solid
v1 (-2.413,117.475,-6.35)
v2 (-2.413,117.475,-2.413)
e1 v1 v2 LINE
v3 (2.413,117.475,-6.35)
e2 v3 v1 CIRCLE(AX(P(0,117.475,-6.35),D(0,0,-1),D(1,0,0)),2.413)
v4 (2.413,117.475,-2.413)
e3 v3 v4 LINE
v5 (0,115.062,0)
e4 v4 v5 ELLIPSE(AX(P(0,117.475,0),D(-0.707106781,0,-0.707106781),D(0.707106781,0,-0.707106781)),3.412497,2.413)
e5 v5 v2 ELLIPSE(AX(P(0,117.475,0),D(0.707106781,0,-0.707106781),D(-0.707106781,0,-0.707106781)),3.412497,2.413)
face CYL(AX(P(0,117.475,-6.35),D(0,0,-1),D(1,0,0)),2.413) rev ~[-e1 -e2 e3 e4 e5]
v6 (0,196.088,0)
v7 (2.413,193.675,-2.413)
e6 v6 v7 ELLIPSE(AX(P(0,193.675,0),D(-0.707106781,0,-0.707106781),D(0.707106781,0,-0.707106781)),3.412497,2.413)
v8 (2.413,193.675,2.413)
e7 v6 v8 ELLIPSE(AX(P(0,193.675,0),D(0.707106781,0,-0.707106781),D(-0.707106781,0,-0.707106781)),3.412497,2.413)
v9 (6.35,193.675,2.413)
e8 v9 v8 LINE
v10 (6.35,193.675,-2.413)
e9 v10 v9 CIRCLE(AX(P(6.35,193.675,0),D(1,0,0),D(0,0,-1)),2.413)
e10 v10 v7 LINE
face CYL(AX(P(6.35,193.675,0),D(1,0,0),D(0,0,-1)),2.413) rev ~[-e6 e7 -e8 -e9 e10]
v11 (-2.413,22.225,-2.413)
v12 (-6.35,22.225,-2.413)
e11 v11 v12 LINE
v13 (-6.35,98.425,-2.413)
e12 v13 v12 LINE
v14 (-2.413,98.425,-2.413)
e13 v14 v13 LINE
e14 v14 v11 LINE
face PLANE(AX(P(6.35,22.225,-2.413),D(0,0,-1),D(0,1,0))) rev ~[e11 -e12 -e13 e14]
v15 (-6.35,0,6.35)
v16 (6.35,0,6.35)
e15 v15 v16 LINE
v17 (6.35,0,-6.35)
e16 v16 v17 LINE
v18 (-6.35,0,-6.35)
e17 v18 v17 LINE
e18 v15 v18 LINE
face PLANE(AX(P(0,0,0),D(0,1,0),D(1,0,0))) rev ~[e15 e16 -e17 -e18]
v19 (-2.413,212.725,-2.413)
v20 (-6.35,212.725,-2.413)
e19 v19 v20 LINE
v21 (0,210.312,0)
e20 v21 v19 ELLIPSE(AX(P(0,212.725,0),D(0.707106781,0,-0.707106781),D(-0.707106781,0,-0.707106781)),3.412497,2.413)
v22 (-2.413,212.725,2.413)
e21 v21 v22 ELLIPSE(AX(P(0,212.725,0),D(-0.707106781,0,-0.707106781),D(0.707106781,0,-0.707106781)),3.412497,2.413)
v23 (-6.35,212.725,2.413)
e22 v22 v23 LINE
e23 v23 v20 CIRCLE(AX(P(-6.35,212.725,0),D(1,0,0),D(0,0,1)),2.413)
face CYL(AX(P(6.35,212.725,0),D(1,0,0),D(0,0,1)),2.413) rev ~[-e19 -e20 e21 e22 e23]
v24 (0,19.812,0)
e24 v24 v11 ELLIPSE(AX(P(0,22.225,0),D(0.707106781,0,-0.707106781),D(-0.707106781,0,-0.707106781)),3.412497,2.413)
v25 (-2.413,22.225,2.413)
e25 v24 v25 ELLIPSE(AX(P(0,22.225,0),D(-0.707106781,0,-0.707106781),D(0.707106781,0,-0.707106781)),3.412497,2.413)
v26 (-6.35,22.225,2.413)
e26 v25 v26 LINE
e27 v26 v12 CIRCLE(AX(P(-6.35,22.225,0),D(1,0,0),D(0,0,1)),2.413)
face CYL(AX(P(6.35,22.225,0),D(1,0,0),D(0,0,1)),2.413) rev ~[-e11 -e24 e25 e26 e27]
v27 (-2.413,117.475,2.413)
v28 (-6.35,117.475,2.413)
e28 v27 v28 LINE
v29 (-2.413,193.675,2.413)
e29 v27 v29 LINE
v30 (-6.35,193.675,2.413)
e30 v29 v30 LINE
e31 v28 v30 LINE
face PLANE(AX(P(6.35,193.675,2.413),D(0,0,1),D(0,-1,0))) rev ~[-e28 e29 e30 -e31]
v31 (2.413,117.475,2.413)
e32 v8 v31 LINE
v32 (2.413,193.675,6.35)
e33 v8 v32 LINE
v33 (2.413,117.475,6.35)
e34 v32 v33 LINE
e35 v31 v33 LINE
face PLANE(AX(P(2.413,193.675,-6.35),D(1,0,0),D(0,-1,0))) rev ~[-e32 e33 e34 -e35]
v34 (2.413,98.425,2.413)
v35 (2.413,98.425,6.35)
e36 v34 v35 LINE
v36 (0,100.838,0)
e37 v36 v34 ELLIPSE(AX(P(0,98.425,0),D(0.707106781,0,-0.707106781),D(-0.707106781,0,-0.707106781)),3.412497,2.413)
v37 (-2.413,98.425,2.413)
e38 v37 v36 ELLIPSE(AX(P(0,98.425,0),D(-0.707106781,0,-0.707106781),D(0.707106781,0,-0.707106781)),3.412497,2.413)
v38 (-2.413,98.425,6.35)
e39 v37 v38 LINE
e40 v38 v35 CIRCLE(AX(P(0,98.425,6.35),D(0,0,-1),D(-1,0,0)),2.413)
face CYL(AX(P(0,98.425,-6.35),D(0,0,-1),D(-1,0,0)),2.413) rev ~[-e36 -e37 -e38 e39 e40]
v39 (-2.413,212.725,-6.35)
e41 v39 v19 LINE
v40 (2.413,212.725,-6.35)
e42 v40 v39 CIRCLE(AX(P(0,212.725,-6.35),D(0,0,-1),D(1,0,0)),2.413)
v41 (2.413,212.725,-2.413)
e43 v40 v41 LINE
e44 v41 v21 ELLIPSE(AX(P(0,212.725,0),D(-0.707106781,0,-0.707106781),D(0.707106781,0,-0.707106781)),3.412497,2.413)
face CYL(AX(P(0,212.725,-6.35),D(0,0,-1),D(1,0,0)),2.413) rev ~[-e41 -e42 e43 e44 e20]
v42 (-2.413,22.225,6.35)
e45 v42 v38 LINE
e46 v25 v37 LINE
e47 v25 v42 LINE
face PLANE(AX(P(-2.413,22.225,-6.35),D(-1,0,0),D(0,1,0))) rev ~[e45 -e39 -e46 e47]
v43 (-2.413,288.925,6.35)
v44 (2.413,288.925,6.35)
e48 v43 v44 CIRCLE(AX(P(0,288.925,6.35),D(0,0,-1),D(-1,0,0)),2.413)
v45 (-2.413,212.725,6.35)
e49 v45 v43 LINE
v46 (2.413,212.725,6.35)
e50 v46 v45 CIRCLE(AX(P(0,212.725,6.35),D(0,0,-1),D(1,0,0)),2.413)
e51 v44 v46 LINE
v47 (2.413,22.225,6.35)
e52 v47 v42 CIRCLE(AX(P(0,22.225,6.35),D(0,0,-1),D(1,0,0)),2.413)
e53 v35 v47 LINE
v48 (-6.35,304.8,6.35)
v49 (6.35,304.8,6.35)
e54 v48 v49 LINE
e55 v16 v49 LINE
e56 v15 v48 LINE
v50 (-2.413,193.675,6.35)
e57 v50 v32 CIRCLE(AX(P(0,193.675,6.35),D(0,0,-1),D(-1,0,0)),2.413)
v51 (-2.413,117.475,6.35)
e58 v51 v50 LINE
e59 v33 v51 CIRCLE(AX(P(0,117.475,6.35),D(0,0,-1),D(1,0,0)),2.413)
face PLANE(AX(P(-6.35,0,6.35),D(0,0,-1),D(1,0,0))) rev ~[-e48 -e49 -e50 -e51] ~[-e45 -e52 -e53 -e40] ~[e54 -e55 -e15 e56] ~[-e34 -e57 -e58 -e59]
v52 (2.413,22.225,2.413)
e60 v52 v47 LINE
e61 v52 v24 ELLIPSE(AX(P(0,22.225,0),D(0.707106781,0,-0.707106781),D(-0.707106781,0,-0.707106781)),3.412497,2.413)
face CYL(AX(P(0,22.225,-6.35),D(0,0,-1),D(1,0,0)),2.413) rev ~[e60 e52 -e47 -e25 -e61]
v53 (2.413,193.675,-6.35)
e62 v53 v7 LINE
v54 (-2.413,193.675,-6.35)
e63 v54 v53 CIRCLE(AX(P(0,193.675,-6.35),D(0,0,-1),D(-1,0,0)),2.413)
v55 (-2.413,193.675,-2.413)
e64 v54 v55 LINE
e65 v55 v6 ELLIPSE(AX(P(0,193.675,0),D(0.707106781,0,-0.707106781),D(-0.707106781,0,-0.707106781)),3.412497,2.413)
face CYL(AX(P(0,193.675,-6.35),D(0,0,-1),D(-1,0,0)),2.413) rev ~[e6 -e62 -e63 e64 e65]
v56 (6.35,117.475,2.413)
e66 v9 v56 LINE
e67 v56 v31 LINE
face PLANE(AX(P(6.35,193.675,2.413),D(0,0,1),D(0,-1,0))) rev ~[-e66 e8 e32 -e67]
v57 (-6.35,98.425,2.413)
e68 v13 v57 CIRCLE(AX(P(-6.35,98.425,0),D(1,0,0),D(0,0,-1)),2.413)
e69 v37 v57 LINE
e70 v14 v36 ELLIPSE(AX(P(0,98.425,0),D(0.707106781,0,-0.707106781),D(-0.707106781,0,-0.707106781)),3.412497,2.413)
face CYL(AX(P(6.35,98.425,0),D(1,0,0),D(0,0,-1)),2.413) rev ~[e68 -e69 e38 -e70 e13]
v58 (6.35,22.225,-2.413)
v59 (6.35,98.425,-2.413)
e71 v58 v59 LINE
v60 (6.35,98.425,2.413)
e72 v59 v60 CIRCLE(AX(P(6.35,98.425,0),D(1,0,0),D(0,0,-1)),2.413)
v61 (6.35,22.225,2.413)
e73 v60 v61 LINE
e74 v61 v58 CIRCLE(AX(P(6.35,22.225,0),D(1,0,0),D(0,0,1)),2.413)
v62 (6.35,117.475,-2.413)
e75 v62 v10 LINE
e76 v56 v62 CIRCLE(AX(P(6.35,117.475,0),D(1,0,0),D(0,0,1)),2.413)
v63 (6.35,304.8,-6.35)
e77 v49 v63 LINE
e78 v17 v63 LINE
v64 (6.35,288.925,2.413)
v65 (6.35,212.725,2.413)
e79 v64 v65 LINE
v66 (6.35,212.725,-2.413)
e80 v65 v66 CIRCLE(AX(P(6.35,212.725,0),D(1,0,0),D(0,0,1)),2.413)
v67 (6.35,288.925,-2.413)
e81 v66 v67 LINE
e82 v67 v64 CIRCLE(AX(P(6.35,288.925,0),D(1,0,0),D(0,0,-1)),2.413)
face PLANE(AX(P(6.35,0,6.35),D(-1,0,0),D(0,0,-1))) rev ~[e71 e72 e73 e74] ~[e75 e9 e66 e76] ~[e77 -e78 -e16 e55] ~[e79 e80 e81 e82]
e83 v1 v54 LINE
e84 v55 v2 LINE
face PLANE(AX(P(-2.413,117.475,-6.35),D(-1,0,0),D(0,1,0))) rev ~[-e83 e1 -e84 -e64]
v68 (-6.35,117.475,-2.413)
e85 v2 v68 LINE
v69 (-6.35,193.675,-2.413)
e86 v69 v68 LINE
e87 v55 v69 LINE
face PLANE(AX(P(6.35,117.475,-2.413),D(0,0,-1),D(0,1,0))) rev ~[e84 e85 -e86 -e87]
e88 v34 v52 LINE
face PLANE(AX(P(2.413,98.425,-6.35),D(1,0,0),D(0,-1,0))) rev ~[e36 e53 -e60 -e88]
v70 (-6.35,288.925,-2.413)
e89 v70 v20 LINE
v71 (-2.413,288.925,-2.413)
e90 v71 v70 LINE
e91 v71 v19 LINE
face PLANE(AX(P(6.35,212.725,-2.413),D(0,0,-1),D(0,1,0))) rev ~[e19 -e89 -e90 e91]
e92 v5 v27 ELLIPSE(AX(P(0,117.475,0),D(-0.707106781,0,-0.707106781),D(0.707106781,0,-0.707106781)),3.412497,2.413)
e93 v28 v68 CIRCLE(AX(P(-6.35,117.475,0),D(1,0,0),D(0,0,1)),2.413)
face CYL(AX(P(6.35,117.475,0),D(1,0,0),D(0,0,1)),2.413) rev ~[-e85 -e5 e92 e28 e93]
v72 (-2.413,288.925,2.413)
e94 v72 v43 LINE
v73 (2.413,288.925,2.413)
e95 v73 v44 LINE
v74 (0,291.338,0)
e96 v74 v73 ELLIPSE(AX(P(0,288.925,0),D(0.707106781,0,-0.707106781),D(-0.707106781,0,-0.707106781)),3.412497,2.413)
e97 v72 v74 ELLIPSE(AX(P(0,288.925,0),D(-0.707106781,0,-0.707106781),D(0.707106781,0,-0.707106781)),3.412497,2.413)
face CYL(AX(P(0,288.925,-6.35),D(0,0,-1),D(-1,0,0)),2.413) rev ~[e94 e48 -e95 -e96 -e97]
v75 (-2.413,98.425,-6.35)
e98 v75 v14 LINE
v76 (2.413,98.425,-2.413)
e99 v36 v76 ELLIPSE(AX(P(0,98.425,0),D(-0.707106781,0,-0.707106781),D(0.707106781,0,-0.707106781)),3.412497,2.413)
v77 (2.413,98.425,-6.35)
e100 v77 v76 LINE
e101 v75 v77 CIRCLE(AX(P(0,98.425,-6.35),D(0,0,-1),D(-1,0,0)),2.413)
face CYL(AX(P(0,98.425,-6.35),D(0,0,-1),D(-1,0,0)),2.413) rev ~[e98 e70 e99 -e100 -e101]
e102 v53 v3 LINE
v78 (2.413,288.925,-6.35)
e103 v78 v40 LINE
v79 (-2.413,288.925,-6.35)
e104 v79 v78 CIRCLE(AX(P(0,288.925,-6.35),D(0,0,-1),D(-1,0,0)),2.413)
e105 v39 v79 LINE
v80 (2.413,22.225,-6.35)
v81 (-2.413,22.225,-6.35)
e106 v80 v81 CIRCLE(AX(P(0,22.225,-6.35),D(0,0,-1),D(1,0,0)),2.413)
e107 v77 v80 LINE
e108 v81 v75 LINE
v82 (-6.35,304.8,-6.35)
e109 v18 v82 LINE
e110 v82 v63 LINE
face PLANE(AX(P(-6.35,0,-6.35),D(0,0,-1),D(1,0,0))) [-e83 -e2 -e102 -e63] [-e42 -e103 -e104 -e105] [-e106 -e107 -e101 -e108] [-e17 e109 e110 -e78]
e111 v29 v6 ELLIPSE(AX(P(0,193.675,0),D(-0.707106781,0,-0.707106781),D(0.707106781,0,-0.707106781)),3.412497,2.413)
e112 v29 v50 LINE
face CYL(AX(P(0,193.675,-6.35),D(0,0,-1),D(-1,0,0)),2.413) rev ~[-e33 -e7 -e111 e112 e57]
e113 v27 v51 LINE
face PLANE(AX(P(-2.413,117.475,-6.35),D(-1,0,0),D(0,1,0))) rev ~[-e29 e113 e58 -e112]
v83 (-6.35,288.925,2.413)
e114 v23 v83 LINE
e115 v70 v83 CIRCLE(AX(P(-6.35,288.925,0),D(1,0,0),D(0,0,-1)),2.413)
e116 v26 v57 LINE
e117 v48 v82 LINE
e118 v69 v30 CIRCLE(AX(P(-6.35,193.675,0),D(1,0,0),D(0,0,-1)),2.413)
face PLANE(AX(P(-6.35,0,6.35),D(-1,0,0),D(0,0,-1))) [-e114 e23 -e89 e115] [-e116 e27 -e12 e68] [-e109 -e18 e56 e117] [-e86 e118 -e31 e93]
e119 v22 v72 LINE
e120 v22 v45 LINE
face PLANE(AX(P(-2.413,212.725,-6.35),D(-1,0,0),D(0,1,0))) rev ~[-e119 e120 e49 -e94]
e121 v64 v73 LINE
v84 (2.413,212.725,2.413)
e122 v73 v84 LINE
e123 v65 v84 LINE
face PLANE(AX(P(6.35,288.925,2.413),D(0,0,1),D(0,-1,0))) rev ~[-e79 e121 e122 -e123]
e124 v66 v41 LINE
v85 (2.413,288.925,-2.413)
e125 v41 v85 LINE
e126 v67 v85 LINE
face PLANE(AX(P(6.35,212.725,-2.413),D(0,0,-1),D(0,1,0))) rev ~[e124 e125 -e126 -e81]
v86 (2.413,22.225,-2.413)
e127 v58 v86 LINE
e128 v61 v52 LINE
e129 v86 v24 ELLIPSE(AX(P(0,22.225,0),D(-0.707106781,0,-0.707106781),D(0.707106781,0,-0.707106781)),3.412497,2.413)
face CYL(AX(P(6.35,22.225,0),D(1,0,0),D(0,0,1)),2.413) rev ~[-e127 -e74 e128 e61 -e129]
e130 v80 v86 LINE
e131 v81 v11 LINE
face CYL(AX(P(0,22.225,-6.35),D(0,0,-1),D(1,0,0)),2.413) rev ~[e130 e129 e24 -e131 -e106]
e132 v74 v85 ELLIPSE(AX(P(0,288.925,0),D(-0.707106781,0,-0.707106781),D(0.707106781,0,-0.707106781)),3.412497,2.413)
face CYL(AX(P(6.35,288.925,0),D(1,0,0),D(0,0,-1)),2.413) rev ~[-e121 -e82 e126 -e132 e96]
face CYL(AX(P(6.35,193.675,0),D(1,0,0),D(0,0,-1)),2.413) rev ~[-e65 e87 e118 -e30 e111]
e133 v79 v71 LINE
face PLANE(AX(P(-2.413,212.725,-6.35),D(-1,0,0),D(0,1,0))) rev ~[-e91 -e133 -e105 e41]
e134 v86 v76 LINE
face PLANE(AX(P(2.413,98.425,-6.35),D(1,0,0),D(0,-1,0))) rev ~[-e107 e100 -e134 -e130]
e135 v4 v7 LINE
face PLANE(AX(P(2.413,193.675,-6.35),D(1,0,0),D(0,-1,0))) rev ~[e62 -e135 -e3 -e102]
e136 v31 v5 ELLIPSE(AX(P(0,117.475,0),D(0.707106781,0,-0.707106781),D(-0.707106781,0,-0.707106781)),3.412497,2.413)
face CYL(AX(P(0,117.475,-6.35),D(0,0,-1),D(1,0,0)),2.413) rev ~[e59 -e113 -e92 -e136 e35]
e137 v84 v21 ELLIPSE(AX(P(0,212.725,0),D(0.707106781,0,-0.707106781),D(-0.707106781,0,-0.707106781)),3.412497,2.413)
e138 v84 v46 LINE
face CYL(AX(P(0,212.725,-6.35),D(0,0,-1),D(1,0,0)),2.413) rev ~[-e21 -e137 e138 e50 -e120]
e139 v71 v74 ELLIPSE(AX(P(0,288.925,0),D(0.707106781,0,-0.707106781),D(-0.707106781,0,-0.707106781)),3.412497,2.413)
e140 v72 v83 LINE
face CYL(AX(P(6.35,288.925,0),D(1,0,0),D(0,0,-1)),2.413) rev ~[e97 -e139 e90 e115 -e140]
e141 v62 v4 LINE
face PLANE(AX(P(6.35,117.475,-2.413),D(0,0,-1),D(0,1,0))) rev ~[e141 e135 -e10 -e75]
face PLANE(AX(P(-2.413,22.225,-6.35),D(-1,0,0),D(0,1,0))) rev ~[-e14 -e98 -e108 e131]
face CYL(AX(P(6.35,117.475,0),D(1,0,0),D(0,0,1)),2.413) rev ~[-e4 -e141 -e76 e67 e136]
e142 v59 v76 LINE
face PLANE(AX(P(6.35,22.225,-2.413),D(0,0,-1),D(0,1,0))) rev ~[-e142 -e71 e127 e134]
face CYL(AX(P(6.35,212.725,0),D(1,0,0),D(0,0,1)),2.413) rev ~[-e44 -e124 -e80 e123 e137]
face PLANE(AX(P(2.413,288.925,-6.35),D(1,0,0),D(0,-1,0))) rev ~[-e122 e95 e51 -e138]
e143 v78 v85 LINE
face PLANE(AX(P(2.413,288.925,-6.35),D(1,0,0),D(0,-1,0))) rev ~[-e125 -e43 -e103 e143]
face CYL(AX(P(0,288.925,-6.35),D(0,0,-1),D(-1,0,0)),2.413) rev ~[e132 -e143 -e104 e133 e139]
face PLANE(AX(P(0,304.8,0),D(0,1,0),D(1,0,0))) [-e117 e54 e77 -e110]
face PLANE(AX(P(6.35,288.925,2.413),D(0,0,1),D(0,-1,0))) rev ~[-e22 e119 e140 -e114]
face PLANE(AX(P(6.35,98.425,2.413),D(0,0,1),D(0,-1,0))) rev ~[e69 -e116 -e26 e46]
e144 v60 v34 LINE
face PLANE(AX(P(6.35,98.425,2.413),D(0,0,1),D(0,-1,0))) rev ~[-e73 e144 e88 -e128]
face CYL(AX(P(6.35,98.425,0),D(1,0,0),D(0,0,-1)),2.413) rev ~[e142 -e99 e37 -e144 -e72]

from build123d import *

# Parameters (mm, degrees)
SKETCH1_W           = 12.7
SKETCH1_H           = 12.7
BOSS_EXTRUDE1_DEPTH = 304.8
CUT_EXTRUDE1_DEPTH  = 13.7
CUT_EXTRUDE2_DEPTH  = 13.7
LPATTERN1_COUNT     = 3
LPATTERN1_PITCH     = 95.25


with BuildPart() as part:
    # Sketch1 → Boss-Extrude1 (new body)
    with BuildSketch(Plane(origin=(0, 0, 0), x_dir=(1, 0, 0), z_dir=(0, 1, 0))):
        Rectangle(SKETCH1_W, SKETCH1_H)
    extrude(amount=BOSS_EXTRUDE1_DEPTH)

    # Sketch2 → Cut-Extrude1 (cut, through all)
    with BuildSketch(Plane(origin=(0, 0, -6.35), x_dir=(-1, 0, 0), z_dir=(0, 0, -1))):
        with BuildLine():
            Line((-2.413, 288.925), (-2.413, 212.725))
            ThreePointArc((-2.413, 212.725), (0, 210.312), (2.413, 212.725))
            Line((2.413, 212.725), (2.413, 288.925))
            ThreePointArc((2.413, 288.925), (0, 291.338), (-2.413, 288.925))
        make_face()
    cut_extrude1 = extrude(amount=-CUT_EXTRUDE1_DEPTH, mode=Mode.SUBTRACT)

    # Sketch3 → Cut-Extrude2 (cut, through all)
    with BuildSketch(Plane(origin=(6.35, 0, 0), x_dir=(0, 0, -1), z_dir=(1, 0, 0))):
        with BuildLine():
            Line((-2.413, 288.925), (-2.413, 212.725))
            ThreePointArc((-2.413, 212.725), (0, 210.312), (2.413, 212.725))
            Line((2.413, 212.725), (2.413, 288.925))
            ThreePointArc((2.413, 288.925), (0, 291.338), (-2.413, 288.925))
        make_face()
    cut_extrude2 = extrude(amount=-CUT_EXTRUDE2_DEPTH, mode=Mode.SUBTRACT)

    # LPattern1: Cut-Extrude1, Cut-Extrude2 ×3
    with Locations(*[(0, -i * LPATTERN1_PITCH, 0) for i in range(1, LPATTERN1_COUNT)]):
        add(cut_extrude1, mode=Mode.SUBTRACT)
        add(cut_extrude2, mode=Mode.SUBTRACT)


solid = part.part
